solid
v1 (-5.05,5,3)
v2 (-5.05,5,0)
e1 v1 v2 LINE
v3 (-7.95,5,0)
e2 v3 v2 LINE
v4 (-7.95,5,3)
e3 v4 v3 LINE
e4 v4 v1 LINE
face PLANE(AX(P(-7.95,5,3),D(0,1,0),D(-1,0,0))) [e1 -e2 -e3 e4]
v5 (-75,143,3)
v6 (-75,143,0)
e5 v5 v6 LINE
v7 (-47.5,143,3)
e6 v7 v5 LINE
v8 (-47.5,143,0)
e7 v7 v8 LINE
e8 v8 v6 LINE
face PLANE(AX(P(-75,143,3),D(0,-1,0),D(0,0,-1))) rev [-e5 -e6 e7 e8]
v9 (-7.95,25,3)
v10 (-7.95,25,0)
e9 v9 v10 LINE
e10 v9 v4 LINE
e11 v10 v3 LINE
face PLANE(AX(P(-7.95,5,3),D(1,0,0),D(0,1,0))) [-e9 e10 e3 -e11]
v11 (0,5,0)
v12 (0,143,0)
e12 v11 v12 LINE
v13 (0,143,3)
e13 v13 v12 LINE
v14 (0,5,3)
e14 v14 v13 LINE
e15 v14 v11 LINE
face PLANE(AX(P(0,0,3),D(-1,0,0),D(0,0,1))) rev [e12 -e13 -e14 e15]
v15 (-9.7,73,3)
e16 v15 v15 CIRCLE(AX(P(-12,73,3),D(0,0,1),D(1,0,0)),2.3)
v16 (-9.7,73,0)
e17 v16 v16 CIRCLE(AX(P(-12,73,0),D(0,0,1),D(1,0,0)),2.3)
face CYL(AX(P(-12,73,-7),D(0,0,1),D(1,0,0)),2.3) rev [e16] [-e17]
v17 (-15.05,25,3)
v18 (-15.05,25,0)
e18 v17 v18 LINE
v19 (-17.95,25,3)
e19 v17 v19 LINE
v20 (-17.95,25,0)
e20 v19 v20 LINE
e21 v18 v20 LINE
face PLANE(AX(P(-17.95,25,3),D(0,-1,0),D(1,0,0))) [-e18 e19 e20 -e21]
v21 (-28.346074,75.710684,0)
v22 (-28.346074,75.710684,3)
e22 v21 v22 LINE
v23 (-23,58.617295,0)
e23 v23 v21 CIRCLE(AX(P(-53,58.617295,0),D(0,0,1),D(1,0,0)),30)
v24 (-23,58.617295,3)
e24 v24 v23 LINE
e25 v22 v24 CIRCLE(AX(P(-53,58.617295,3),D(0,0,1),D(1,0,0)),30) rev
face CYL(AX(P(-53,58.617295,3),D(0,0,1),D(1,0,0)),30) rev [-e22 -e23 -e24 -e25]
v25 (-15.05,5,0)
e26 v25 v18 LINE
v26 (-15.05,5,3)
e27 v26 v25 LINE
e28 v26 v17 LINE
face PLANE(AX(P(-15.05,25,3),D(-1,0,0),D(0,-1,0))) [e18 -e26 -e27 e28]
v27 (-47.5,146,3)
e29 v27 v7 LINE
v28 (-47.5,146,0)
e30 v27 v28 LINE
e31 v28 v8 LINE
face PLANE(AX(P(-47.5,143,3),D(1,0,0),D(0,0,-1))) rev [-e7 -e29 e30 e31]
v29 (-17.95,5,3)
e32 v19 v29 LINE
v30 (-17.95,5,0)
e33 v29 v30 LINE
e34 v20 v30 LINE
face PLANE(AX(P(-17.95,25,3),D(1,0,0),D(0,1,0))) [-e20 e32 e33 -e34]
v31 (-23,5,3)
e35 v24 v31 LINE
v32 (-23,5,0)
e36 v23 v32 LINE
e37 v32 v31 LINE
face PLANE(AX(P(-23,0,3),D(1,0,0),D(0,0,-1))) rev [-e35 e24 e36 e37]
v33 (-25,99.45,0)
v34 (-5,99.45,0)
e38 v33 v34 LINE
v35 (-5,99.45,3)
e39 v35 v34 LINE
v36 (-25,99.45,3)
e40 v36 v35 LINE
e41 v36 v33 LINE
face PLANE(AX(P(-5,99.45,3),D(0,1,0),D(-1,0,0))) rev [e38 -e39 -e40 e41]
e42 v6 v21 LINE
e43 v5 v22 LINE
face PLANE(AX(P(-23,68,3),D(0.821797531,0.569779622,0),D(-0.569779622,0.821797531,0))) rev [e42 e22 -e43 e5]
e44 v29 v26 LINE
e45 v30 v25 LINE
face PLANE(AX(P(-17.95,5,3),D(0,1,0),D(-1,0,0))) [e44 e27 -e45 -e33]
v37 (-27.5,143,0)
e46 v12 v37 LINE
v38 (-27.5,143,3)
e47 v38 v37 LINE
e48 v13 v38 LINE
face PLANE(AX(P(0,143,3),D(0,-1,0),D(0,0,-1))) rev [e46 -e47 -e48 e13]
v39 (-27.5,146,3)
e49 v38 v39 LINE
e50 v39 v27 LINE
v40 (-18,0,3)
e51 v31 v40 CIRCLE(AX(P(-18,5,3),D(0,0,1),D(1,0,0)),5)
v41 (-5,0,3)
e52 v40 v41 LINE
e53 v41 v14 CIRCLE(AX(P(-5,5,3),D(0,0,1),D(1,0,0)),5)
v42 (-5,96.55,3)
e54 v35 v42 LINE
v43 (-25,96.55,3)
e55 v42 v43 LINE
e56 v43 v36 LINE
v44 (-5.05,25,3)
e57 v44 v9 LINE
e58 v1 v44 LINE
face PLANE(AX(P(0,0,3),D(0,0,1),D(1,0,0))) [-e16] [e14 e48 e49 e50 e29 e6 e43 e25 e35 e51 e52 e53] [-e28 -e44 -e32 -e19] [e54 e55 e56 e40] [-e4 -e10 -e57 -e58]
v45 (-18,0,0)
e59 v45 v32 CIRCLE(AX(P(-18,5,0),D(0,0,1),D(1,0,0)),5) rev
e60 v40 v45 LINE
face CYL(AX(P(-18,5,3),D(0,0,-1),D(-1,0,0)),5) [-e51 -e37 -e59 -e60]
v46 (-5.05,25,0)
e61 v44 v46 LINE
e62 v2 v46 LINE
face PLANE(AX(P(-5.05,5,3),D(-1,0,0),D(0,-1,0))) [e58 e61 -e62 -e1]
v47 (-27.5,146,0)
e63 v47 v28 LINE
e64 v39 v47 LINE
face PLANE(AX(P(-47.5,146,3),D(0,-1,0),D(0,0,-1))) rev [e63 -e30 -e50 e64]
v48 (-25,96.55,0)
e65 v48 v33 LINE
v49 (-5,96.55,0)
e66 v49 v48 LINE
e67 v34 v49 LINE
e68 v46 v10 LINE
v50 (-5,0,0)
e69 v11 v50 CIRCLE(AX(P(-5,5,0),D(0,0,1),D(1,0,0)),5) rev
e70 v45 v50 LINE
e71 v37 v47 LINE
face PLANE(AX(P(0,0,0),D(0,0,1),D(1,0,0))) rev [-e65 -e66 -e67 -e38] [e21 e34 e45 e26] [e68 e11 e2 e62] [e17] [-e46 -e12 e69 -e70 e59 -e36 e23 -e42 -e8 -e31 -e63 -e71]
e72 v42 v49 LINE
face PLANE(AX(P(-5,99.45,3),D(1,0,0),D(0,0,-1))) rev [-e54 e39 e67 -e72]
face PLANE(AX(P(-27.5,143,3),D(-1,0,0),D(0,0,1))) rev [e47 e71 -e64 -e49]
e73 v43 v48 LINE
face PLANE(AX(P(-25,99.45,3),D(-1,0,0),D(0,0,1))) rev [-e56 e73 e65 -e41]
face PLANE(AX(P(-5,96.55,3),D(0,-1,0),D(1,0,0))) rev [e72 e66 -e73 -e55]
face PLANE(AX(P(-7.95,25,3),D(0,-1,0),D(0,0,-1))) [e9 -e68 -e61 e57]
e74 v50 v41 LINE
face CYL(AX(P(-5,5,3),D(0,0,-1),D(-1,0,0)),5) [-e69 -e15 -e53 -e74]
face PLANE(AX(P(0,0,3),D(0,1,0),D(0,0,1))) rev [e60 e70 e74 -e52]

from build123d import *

# Parameters (mm, degrees)
SKETCH1_W           = 2.9
SKETCH1_H           = 20
BOSS_EXTRUDE1_DEPTH = 3
FILLET1_R           = 5
FILLET2_R           = 30
SKETCH4_R           = 2.3
CUT_EXTRUDE1_DEPTH  = 10
SKETCH5_W           = 20
SKETCH5_H           = 2.9
CUT_EXTRUDE2_DEPTH  = 4


with BuildPart() as part:
    # Sketch1 → Boss-Extrude1 (new body)
    with BuildSketch(Plane.XY):
        Polygon((0, 0), (-23, 0), (-23, 68), (-75, 143), (-47.5, 143), (-47.5, 146), (-27.5, 146), (-27.5, 143), (0, 143), align=None)
        with Locations((-16.5, 15)):
            Rectangle(SKETCH1_W, SKETCH1_H, mode=Mode.SUBTRACT)
        with Locations((-6.5, 15)):
            Rectangle(SKETCH1_W, SKETCH1_H, mode=Mode.SUBTRACT)
    extrude(amount=BOSS_EXTRUDE1_DEPTH)

    # Fillet1
    fillet1_edges = [part.edges().sort_by_distance(p)[0] for p in [
        (0, 0, 1.5),
        (-23, 0, 1.5),
    ]]
    fillet(fillet1_edges, radius=FILLET1_R)

    # Fillet2
    fillet2_edges = [part.edges().sort_by_distance(p)[0] for p in [
        (-23, 68, 1.5),
    ]]
    fillet(fillet2_edges, radius=FILLET2_R)

    # Sketch4 → Cut-Extrude1 (cut)
    with BuildSketch(Plane.XY.offset(3)):
        with Locations((-12, 73)):
            Circle(SKETCH4_R)
    extrude(amount=-CUT_EXTRUDE1_DEPTH, mode=Mode.SUBTRACT)

    # Sketch5 → Cut-Extrude2 (cut, through all)
    with BuildSketch(Plane(origin=(0, 0, 0), x_dir=(-1, 0, 0), z_dir=(0, 0, -1))):
        with Locations((15, 98)):
            Rectangle(SKETCH5_W, SKETCH5_H)
    extrude(amount=-CUT_EXTRUDE2_DEPTH, mode=Mode.SUBTRACT)


solid = part.part
